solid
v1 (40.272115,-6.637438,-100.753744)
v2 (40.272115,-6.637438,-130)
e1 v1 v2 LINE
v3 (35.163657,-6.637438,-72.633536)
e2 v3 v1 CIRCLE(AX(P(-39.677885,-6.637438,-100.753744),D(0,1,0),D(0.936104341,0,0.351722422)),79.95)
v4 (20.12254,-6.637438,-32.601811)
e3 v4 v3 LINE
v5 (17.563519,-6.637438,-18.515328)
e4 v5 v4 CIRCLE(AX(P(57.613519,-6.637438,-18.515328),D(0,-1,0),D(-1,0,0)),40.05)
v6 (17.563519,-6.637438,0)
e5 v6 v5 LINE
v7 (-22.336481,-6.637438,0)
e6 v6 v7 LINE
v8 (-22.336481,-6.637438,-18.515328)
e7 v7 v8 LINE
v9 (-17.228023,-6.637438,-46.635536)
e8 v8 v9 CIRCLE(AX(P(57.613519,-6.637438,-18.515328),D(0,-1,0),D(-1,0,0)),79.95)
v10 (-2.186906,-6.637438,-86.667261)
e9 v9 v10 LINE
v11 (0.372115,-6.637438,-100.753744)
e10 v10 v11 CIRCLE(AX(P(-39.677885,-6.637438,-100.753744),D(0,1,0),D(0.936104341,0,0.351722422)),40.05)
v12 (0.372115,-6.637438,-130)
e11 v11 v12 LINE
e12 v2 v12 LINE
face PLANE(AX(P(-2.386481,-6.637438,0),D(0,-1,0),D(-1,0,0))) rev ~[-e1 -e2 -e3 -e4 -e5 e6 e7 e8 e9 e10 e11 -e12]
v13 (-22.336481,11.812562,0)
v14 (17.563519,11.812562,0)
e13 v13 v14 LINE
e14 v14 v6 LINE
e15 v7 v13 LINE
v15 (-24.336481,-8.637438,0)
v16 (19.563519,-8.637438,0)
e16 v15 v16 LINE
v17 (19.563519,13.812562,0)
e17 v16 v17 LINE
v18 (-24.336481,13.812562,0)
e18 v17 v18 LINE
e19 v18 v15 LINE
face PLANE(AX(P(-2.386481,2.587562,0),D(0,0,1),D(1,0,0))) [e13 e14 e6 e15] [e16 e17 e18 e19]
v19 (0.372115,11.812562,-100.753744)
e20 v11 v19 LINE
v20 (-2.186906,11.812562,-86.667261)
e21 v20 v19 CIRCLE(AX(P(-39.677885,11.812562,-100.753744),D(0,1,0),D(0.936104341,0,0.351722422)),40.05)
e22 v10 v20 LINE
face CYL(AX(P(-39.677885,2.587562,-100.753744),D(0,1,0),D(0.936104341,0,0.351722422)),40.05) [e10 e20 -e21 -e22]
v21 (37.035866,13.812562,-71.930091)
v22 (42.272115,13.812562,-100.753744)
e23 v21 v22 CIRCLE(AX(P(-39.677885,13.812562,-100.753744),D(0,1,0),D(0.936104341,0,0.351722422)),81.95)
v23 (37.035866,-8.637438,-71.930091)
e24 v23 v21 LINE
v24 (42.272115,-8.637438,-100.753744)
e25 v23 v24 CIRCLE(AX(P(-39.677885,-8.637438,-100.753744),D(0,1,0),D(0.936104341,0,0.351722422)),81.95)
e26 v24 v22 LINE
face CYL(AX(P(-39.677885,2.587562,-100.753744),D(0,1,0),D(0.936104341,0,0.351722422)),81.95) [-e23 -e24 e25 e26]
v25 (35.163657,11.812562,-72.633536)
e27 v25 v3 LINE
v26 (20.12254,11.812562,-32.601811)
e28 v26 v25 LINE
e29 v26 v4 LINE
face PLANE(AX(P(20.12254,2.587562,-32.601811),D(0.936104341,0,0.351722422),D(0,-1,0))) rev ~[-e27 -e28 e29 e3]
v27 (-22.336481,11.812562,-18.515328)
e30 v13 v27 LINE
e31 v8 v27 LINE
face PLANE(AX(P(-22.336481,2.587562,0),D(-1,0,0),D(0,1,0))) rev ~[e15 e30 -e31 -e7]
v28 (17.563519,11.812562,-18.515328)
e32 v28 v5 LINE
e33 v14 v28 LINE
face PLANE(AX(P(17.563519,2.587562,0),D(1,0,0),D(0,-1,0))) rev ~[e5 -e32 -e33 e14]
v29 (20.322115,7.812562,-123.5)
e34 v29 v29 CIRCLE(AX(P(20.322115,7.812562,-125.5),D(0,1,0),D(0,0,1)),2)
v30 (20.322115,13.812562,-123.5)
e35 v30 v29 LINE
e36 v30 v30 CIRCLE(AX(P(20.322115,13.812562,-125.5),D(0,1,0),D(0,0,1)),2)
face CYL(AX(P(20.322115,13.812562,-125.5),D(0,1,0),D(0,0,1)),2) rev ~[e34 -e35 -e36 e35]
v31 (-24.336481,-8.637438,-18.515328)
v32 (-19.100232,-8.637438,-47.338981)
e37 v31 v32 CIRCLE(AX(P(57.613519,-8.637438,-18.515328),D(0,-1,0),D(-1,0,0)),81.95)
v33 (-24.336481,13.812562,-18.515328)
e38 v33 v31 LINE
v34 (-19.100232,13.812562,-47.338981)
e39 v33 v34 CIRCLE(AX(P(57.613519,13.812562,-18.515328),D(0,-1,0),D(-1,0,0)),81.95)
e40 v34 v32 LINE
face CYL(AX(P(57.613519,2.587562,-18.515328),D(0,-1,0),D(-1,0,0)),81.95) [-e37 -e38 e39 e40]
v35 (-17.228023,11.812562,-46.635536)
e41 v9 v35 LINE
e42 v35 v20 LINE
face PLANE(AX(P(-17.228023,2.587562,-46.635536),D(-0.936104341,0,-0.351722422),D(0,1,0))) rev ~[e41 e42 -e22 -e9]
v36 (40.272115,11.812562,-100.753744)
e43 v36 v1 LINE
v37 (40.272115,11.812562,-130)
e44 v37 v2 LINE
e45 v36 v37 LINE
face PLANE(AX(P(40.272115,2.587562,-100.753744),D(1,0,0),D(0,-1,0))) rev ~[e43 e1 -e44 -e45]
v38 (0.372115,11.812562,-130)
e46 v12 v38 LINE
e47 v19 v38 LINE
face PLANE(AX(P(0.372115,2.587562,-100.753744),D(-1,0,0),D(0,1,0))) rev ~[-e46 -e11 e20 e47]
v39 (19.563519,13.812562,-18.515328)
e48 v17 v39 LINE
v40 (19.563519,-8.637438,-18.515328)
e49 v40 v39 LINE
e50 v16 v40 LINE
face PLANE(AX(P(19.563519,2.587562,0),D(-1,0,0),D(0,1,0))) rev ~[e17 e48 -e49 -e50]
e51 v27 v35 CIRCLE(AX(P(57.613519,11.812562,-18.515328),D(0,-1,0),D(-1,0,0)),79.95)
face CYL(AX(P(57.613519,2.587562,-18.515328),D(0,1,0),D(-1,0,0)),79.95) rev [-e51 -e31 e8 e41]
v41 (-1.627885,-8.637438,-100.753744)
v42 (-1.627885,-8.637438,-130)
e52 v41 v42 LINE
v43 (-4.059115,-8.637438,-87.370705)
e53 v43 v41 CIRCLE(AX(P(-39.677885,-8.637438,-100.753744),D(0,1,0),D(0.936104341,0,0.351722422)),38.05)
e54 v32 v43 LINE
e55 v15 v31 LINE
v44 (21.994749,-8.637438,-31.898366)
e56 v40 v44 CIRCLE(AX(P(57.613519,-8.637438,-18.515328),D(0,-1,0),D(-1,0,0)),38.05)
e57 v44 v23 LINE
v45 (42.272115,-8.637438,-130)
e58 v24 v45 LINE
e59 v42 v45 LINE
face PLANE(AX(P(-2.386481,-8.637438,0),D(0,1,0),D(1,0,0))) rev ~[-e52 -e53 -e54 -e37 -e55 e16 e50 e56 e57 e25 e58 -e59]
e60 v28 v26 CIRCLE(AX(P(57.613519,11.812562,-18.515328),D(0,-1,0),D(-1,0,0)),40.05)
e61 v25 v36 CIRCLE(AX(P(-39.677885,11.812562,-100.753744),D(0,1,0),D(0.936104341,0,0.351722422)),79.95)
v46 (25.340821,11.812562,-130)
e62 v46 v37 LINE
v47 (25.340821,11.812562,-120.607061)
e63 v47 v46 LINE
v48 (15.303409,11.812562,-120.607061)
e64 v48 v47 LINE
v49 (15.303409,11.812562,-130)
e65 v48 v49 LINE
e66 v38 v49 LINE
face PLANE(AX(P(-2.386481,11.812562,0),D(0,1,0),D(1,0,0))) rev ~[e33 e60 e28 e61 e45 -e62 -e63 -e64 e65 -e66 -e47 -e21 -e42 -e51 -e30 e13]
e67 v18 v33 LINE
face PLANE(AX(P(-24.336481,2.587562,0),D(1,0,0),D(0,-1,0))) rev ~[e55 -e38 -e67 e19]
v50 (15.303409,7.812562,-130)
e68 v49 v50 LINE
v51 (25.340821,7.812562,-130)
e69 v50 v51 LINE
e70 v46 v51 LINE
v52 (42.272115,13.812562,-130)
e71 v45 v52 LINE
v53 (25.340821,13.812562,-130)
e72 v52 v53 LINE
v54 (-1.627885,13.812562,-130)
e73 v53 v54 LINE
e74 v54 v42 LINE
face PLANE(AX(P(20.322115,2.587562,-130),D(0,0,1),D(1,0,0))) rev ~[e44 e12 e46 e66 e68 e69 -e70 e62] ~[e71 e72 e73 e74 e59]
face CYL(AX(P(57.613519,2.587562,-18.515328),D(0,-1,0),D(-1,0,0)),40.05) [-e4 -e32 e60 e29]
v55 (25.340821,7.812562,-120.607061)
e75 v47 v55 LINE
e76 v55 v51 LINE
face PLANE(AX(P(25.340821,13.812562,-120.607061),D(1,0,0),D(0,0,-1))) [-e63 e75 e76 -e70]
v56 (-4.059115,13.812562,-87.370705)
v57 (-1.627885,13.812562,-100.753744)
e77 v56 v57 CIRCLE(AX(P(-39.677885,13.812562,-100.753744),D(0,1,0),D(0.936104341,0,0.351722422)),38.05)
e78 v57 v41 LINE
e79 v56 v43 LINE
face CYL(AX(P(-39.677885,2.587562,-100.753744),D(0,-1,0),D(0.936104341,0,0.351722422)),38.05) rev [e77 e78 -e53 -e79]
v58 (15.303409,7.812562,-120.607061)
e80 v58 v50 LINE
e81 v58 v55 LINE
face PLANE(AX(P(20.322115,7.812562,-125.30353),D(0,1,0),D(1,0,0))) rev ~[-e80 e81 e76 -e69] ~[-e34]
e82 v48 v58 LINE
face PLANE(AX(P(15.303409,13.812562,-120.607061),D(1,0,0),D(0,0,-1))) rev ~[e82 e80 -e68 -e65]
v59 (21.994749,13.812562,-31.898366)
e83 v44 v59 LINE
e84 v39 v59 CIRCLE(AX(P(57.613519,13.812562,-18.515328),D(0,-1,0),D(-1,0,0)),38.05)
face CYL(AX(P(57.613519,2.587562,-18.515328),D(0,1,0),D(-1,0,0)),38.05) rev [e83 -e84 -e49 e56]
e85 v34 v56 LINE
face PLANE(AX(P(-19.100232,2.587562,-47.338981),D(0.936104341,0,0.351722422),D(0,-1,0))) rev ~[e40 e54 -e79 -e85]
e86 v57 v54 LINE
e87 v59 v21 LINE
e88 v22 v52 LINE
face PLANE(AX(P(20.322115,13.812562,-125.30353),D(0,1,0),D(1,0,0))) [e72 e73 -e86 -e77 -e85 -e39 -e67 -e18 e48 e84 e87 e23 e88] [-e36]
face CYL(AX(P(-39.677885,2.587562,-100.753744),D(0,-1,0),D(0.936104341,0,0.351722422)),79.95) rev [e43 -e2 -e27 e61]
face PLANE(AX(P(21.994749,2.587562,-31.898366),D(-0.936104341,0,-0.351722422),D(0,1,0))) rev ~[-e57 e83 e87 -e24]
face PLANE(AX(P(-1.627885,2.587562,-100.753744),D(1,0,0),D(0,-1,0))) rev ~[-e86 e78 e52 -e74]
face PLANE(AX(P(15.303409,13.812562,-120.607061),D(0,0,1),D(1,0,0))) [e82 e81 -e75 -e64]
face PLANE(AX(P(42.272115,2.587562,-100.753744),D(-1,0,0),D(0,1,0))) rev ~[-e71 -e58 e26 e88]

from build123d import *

# Parameters (mm, degrees)
SKETCH1_W           = 43.9
SKETCH1_H           = 22.45
SKETCH1_W_2         = 39.9
SKETCH1_H_2         = 18.45
SKETCH4_W           = 10.037411494
SKETCH4_H           = 9.392939089
BOSS_EXTRUDE2_DEPTH = 6
SKETCH4_3_R         = 2
CUT_EXTRUDE1_DEPTH  = 6


with BuildPart() as part:
    # Sweep1: sweep along a path in Sketch3
    with BuildLine(Plane(origin=(0, 0, 0), x_dir=(1, 0, 0), z_dir=(0, 1, 0))) as sweep1_path:
        Line((-2.386481251, 0), (-2.386481251, 18.515328192))
        ThreePointArc((-2.386481251, 18.515328192), (-1.420266616, 29.239701623), (1.447258265, 39.618673501))
        Line((1.447258265, 39.618673501), (16.488375541, 79.650398262))
        ThreePointArc((16.488375541, 79.650398262), (19.355900422, 90.02937014), (20.322115057, 100.753743571))
        Line((20.322115057, 100.753743571), (20.322115057, 130))
    # Sketch1 → Sweep1 (sweep)
    with BuildSketch(Plane.XY):
        with Locations((-2.386481251, 2.5875622)):
            Rectangle(SKETCH1_W, SKETCH1_H)
        with Locations((-2.386481251, 2.5875622)):
            Rectangle(SKETCH1_W_2, SKETCH1_H_2, mode=Mode.SUBTRACT)
    sweep(path=sweep1_path.line)

    # Sketch4 → Boss-Extrude2 (add)
    with BuildSketch(Plane(origin=(0, 13.8125622, 0), x_dir=(1, 0, 0), z_dir=(0, 1, 0))):
        with Locations((20.322115057, 125.303530456)):
            Rectangle(SKETCH4_W, SKETCH4_H)
    extrude(amount=-BOSS_EXTRUDE2_DEPTH)

    # Sketch4<3> → Cut-Extrude1 (cut)
    with BuildSketch(Plane(origin=(0, 13.8125622, 0), x_dir=(1, 0, 0), z_dir=(0, 1, 0))):
        with Locations((20.322115057, 125.5)):
            Circle(SKETCH4_3_R)
    extrude(amount=-CUT_EXTRUDE1_DEPTH, mode=Mode.SUBTRACT)


solid = part.part
